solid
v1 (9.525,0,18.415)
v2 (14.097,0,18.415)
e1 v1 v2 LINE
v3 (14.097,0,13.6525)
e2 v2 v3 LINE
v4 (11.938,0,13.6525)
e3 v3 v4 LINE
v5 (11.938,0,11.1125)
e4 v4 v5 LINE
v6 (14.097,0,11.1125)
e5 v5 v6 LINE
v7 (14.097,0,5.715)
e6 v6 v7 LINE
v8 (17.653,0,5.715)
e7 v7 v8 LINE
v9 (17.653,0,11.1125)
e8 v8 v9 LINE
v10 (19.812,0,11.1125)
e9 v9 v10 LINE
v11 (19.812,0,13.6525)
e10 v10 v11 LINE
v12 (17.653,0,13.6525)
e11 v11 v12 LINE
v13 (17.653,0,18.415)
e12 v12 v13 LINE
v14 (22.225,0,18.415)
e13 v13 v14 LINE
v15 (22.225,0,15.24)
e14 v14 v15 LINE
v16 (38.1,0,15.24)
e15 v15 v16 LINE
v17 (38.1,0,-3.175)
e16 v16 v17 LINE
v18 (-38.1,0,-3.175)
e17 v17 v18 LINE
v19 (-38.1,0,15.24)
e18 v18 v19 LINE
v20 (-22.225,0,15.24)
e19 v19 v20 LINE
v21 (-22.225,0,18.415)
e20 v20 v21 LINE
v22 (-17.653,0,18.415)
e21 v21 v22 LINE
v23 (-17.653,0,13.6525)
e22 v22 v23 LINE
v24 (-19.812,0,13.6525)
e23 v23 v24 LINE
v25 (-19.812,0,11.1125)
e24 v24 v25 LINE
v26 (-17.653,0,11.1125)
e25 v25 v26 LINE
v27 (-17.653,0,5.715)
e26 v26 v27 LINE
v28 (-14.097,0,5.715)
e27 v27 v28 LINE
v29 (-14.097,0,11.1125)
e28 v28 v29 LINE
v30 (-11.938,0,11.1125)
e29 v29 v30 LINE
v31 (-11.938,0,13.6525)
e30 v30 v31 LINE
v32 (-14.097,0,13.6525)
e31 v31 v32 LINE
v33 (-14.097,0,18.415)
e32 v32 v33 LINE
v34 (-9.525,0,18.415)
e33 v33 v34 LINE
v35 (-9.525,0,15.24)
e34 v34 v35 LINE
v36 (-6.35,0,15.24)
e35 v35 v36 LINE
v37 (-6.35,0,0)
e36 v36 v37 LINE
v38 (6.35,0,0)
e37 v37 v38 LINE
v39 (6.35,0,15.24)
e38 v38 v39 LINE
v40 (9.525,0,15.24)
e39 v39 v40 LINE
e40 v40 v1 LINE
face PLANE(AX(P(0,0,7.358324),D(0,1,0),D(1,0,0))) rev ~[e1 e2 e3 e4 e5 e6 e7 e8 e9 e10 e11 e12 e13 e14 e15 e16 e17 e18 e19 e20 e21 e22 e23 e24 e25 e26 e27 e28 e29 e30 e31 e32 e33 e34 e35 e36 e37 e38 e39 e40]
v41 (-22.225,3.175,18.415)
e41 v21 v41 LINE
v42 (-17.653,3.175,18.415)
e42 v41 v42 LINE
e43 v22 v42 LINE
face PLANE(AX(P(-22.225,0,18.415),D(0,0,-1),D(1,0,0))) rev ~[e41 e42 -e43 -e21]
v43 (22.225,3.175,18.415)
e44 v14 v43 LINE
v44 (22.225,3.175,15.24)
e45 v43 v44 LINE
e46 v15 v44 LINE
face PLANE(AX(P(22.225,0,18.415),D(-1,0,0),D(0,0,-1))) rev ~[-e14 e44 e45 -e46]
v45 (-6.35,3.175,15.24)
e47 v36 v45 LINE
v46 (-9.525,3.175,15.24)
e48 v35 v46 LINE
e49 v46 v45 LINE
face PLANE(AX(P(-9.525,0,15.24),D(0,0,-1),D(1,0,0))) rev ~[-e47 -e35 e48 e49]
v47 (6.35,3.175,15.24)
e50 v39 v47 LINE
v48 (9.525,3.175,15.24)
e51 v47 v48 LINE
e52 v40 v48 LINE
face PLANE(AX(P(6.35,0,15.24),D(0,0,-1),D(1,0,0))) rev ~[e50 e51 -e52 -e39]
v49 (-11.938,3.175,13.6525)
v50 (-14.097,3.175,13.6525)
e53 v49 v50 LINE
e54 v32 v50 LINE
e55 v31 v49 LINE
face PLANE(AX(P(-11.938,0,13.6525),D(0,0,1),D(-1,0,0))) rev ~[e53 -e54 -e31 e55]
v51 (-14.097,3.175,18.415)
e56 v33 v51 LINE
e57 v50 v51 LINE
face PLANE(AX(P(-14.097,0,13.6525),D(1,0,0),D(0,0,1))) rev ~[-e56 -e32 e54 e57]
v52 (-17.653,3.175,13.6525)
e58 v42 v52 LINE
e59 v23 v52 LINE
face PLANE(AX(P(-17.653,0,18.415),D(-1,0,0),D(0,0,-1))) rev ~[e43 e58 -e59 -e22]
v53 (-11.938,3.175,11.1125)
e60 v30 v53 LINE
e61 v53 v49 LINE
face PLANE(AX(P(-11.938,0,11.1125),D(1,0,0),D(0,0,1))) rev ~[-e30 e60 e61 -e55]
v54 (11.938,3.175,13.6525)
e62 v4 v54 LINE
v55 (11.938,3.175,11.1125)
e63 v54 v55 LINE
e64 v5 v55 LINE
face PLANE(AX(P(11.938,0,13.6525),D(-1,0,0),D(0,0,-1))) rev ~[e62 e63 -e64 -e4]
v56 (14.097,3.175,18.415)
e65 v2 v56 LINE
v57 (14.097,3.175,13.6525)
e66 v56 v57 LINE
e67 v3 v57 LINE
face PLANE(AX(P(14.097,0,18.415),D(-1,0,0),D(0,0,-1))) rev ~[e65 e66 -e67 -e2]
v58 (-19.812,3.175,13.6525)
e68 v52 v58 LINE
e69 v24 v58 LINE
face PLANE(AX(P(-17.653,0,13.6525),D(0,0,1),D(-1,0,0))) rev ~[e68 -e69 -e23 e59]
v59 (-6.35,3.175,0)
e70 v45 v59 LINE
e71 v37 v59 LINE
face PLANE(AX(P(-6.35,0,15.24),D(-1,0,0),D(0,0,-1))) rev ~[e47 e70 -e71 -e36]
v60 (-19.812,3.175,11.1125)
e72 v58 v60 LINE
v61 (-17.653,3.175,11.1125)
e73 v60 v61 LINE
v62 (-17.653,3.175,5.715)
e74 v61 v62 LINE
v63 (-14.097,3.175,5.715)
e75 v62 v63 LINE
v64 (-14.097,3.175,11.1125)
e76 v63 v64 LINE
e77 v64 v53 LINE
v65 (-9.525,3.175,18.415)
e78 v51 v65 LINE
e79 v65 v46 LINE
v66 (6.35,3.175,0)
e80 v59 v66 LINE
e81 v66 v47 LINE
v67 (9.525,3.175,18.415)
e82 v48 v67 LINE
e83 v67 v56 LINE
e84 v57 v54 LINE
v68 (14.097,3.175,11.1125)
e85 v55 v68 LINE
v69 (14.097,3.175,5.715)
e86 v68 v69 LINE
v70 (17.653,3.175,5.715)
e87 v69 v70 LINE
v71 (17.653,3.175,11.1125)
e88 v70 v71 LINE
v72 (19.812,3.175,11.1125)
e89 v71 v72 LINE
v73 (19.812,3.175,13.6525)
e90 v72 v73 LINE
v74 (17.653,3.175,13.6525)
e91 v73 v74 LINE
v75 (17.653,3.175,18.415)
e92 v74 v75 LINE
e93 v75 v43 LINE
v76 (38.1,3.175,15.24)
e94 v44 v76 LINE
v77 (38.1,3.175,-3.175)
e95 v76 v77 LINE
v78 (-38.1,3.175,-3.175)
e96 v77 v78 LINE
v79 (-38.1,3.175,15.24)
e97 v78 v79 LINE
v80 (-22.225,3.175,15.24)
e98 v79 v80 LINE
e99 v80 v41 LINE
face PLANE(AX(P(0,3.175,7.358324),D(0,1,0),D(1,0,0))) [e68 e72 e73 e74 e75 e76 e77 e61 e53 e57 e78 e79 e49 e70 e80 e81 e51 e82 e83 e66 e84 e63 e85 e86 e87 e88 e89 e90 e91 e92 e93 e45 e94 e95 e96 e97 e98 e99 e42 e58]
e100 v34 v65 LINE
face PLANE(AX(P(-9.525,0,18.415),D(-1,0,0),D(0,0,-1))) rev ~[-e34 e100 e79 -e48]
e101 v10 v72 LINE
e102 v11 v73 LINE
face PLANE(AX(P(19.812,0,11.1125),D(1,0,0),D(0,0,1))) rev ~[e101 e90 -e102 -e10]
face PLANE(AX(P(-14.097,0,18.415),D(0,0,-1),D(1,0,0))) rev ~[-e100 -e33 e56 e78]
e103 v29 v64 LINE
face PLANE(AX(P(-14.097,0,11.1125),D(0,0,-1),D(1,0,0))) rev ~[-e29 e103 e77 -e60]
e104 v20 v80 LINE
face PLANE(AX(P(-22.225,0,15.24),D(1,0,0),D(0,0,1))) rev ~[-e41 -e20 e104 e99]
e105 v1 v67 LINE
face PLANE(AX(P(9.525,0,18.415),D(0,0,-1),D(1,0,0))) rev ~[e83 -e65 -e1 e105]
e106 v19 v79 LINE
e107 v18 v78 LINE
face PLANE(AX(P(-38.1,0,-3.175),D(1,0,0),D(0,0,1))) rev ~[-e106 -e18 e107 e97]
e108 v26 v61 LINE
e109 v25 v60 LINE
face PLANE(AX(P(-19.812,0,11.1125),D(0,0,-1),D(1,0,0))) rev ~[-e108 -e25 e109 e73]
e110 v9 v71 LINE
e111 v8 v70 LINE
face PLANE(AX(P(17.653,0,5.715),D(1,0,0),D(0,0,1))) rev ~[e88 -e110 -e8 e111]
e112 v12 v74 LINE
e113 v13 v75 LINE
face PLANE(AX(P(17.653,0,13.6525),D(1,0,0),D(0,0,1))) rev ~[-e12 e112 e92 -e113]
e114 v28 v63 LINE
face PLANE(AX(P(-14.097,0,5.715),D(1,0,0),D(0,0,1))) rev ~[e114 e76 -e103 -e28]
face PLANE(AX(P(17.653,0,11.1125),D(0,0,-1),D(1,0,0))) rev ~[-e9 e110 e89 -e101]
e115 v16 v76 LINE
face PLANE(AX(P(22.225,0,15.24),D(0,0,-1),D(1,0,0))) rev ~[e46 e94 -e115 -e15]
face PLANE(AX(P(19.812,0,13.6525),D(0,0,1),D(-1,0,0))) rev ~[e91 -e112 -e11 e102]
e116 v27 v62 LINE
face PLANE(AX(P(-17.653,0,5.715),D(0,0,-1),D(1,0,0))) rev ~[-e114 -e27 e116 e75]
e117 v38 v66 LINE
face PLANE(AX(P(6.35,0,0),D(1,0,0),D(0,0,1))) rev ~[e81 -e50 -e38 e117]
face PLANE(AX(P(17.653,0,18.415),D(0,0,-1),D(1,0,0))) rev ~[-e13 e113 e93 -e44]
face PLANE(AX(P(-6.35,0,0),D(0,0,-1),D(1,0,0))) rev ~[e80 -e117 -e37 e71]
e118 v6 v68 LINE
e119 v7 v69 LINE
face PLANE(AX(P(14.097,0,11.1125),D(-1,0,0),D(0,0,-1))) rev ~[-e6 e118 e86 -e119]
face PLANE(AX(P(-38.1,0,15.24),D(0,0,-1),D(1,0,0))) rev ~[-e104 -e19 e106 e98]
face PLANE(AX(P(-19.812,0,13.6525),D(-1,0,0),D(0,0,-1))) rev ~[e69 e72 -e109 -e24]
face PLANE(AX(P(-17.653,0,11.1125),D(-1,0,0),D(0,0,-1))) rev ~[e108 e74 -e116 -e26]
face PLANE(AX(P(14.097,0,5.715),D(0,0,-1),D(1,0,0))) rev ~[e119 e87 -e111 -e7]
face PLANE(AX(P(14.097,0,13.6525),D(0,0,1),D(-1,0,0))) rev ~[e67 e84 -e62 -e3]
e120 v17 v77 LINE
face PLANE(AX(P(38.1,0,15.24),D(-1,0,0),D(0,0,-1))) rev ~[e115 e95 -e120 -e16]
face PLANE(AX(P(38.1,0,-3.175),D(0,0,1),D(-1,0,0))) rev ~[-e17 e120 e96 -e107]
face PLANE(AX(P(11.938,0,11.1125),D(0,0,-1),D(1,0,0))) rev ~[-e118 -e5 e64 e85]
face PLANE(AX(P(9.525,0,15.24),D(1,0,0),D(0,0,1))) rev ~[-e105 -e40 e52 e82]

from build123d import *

# Parameters (mm, degrees)
BOSS_EXTRUDE1_DEPTH = 3.175


with BuildPart() as part:
    # Sketch1 → Boss-Extrude1 (new body)
    with BuildSketch(Plane(origin=(0, 0, 0), x_dir=(1, 0, 0), z_dir=(0, 1, 0))):
        Polygon((-9.525, -18.415), (-9.525, -15.24), (-6.35, -15.24), (-6.35, 0), (6.35, 0), (6.35, -15.24), (9.525, -15.24), (9.525, -18.415), (14.097, -18.415), (14.097, -13.6525), (11.938, -13.6525), (11.938, -11.1125), (14.097, -11.1125), (14.097, -5.715), (17.653, -5.715), (17.653, -11.1125), (19.812, -11.1125), (19.812, -13.6525), (17.653, -13.6525), (17.653, -18.415), (22.225, -18.415), (22.225, -15.24), (38.1, -15.24), (38.1, 3.175), (-38.1, 3.175), (-38.1, -15.24), (-22.225, -15.24), (-22.225, -18.415), (-17.653, -18.415), (-17.653, -13.6525), (-19.812, -13.6525), (-19.812, -11.1125), (-17.653, -11.1125), (-17.653, -5.715), (-14.097, -5.715), (-14.097, -11.1125), (-11.938, -11.1125), (-11.938, -13.6525), (-14.097, -13.6525), (-14.097, -18.415), align=None)
    extrude(amount=BOSS_EXTRUDE1_DEPTH)


solid = part.part
